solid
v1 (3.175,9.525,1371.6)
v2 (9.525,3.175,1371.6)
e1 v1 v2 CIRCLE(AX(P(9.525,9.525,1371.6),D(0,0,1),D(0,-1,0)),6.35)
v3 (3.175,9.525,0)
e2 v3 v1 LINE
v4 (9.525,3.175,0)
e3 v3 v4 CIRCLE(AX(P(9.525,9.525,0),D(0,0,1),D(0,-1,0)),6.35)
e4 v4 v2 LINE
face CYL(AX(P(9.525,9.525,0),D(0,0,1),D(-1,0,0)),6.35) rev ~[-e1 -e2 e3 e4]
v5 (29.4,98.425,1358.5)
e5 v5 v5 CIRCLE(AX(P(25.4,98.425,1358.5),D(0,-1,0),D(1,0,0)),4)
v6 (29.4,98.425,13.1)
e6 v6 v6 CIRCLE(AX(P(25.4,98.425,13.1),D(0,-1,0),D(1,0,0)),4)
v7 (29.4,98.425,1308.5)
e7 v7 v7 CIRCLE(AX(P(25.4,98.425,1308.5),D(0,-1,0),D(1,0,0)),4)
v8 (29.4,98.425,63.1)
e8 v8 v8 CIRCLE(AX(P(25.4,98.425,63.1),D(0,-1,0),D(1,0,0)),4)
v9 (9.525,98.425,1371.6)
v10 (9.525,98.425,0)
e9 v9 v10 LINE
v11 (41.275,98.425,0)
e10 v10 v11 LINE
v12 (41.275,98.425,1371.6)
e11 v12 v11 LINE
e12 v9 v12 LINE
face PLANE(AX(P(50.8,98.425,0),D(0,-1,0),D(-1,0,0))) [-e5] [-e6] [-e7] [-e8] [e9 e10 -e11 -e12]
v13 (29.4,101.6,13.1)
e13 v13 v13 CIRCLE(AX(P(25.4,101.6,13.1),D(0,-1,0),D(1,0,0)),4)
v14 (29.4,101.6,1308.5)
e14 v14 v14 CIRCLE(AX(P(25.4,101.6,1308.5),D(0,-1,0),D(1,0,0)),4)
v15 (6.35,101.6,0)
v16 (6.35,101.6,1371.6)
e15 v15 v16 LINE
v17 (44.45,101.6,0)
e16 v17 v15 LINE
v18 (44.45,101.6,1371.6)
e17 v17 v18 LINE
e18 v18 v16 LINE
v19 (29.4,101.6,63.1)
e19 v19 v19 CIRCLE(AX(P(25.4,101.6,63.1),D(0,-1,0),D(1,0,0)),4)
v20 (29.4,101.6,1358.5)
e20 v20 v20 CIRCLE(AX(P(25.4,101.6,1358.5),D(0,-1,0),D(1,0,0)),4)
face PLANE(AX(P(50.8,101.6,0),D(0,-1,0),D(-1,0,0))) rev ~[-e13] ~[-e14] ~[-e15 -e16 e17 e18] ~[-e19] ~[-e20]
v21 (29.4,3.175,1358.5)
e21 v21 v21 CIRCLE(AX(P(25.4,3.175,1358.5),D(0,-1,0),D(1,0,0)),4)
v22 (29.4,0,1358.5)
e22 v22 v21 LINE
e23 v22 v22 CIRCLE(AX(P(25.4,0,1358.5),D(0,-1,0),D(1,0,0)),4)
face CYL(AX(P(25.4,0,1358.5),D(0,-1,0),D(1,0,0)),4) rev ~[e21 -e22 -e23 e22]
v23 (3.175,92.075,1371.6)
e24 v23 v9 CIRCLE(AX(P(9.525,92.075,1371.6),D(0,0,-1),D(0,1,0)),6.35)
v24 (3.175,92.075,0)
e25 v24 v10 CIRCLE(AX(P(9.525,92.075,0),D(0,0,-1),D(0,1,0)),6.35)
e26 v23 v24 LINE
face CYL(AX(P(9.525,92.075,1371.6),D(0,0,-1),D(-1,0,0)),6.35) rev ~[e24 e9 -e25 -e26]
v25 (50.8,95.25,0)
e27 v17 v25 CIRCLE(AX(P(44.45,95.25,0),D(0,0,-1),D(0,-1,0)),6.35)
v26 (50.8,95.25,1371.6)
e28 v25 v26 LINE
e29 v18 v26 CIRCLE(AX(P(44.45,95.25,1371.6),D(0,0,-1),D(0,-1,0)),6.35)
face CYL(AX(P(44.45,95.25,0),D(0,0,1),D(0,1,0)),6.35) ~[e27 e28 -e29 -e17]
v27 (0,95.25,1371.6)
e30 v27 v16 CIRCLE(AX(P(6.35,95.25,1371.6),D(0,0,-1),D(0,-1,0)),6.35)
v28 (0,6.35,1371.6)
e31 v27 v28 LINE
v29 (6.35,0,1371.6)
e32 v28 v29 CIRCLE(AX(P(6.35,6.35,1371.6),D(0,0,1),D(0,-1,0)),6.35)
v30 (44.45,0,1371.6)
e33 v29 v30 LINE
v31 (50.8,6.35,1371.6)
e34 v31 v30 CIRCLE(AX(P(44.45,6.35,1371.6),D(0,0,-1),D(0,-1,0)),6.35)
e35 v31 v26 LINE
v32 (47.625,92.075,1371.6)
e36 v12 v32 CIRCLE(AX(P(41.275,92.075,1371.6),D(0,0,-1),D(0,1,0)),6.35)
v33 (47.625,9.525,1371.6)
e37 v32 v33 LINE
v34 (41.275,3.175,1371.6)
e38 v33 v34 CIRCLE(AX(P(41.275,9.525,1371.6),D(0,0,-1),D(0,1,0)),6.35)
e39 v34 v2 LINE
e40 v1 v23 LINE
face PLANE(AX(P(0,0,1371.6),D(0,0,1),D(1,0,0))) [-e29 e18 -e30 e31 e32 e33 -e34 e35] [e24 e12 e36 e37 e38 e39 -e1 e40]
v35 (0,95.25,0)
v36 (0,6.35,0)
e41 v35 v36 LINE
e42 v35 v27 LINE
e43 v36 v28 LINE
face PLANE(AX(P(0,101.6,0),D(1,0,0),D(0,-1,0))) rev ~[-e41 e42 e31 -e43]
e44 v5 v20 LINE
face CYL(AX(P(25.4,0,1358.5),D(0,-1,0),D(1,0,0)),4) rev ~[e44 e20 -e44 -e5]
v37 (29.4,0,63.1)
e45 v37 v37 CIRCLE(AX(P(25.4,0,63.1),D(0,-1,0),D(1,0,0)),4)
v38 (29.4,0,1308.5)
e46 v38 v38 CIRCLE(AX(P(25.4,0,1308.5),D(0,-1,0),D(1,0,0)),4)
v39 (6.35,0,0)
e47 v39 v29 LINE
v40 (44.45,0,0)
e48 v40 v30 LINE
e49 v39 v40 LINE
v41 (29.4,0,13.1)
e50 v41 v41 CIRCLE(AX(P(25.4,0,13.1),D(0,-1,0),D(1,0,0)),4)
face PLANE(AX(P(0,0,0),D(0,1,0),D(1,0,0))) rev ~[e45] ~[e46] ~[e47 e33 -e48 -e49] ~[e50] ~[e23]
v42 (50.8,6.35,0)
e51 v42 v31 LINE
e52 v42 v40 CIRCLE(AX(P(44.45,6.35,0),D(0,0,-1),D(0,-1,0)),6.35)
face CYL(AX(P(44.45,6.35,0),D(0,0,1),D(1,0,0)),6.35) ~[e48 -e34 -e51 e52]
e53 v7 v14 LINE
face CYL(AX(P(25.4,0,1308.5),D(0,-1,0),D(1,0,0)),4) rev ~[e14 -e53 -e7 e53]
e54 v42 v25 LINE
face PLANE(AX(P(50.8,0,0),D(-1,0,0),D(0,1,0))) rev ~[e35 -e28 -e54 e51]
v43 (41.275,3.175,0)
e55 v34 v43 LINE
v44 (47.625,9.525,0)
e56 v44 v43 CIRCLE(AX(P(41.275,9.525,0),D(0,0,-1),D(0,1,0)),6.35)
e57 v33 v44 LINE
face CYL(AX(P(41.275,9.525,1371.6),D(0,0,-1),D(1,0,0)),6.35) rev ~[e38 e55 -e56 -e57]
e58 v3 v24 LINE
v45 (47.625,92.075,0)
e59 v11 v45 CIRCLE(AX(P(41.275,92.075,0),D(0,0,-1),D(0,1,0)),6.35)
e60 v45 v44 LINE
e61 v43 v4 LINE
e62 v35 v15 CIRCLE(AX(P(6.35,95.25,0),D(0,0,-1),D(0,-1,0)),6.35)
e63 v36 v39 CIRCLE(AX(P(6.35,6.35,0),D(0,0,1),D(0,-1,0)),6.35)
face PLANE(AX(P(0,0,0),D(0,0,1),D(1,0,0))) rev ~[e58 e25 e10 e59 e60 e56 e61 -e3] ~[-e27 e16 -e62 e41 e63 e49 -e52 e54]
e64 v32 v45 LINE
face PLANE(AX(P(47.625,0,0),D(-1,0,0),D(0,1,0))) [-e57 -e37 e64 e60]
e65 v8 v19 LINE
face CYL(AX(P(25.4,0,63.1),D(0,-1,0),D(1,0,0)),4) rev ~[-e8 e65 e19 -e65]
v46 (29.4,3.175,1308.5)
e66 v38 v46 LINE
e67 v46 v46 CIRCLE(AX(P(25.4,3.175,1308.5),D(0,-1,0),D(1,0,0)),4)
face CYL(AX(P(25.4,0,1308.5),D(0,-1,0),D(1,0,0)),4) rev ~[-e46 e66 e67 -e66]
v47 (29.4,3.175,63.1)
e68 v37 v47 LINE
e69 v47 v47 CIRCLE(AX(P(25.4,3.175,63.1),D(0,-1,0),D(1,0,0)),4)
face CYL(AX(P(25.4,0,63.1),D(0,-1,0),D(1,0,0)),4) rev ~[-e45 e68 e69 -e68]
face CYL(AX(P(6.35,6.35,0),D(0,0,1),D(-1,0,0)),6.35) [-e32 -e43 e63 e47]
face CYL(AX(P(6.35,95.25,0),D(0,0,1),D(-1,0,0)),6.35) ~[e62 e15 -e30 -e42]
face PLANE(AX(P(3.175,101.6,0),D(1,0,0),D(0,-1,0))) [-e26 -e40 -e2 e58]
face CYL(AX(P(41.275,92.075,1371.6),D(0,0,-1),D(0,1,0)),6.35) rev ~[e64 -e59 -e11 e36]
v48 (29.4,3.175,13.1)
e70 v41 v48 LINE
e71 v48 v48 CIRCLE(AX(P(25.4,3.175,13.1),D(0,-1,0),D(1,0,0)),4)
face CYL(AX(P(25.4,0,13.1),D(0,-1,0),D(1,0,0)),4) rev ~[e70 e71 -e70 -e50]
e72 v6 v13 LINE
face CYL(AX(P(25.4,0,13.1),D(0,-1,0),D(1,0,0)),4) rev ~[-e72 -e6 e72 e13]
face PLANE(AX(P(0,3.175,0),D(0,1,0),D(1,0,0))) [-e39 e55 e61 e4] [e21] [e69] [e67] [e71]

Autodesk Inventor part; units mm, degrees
ref_plane "YZ Plane" through (0, 0, 0) normal (1, 0, 0) x (0, 1, 0)
ref_plane "XZ Plane" through (0, 0, 0) normal (0, 1, 0) x (-1, 0, 0)
ref_plane "XY Plane" through (0, 0, 0) normal (0, 0, 1) x (1, 0, 0)
sketch "Sketch1" plane through (0, 0, 0) normal (0, 0, 1) x (1, 0, 0)
  line L0 (0, 0) -> (50.8, 0)
  line L1 (50.8, 0) -> (50.8, 101.6)
  line L2 (50.8, 101.6) -> (0, 101.6)
  line L3 (0, 101.6) -> (0, 0)
  dimension "d0" = 101.6
  dimension "d1" = 50.8
extrude "Extrusion1" add sketch "Sketch1" along normal blind 1371.6
shell "Shell1" thickness 3.175 removed faces 2 at (16.9333, 67.7333, 0) at (16.9333, 67.7333, 1371.6)
fillet "Fillet1" radius 6.35 8 edges at (3.175, 3.175, 685.8) (47.625, 3.175, 685.8) (3.175, 98.425, 685.8) (47.625, 98.425, 685.8) (50.8, 101.6, 685.8) (50.8, 0, 685.8) (0, 0, 685.8) (0, 101.6, 685.8)
sketch "Sketch2" plane through (6.35, 0, 0) normal (0, -1, 0) x (1, 0, 0)
  circle A0 centre (19.05, 63.1) radius 4
  circle A1 centre (19.05, 13.1) radius 4
  line L0 (19.05, 63.1) -> (19.05, 13.1) construction
  line L1 (0, 0) -> (38.1, 0) construction
  line L2 (38.1, 1371.6) -> (38.1, 0) construction
  line L3 (38.1, 685.8) -> (-101.1432, 685.8) construction
  circle A2 centre (19.05, 1308.5) radius 4
  circle A3 centre (19.05, 1358.5) radius 4
  point P0 (-6.35, 0)
  point P1 (19.05, 38.1)
  point P2 (19.05, 0)
  dimension "d6" = 8
  dimension "d7" = 38.1
  dimension "d8" = 50
extrude "Extrusion2" cut sketch "Sketch2" against normal blind 1244.6
properties part number "2x4_Tube"
